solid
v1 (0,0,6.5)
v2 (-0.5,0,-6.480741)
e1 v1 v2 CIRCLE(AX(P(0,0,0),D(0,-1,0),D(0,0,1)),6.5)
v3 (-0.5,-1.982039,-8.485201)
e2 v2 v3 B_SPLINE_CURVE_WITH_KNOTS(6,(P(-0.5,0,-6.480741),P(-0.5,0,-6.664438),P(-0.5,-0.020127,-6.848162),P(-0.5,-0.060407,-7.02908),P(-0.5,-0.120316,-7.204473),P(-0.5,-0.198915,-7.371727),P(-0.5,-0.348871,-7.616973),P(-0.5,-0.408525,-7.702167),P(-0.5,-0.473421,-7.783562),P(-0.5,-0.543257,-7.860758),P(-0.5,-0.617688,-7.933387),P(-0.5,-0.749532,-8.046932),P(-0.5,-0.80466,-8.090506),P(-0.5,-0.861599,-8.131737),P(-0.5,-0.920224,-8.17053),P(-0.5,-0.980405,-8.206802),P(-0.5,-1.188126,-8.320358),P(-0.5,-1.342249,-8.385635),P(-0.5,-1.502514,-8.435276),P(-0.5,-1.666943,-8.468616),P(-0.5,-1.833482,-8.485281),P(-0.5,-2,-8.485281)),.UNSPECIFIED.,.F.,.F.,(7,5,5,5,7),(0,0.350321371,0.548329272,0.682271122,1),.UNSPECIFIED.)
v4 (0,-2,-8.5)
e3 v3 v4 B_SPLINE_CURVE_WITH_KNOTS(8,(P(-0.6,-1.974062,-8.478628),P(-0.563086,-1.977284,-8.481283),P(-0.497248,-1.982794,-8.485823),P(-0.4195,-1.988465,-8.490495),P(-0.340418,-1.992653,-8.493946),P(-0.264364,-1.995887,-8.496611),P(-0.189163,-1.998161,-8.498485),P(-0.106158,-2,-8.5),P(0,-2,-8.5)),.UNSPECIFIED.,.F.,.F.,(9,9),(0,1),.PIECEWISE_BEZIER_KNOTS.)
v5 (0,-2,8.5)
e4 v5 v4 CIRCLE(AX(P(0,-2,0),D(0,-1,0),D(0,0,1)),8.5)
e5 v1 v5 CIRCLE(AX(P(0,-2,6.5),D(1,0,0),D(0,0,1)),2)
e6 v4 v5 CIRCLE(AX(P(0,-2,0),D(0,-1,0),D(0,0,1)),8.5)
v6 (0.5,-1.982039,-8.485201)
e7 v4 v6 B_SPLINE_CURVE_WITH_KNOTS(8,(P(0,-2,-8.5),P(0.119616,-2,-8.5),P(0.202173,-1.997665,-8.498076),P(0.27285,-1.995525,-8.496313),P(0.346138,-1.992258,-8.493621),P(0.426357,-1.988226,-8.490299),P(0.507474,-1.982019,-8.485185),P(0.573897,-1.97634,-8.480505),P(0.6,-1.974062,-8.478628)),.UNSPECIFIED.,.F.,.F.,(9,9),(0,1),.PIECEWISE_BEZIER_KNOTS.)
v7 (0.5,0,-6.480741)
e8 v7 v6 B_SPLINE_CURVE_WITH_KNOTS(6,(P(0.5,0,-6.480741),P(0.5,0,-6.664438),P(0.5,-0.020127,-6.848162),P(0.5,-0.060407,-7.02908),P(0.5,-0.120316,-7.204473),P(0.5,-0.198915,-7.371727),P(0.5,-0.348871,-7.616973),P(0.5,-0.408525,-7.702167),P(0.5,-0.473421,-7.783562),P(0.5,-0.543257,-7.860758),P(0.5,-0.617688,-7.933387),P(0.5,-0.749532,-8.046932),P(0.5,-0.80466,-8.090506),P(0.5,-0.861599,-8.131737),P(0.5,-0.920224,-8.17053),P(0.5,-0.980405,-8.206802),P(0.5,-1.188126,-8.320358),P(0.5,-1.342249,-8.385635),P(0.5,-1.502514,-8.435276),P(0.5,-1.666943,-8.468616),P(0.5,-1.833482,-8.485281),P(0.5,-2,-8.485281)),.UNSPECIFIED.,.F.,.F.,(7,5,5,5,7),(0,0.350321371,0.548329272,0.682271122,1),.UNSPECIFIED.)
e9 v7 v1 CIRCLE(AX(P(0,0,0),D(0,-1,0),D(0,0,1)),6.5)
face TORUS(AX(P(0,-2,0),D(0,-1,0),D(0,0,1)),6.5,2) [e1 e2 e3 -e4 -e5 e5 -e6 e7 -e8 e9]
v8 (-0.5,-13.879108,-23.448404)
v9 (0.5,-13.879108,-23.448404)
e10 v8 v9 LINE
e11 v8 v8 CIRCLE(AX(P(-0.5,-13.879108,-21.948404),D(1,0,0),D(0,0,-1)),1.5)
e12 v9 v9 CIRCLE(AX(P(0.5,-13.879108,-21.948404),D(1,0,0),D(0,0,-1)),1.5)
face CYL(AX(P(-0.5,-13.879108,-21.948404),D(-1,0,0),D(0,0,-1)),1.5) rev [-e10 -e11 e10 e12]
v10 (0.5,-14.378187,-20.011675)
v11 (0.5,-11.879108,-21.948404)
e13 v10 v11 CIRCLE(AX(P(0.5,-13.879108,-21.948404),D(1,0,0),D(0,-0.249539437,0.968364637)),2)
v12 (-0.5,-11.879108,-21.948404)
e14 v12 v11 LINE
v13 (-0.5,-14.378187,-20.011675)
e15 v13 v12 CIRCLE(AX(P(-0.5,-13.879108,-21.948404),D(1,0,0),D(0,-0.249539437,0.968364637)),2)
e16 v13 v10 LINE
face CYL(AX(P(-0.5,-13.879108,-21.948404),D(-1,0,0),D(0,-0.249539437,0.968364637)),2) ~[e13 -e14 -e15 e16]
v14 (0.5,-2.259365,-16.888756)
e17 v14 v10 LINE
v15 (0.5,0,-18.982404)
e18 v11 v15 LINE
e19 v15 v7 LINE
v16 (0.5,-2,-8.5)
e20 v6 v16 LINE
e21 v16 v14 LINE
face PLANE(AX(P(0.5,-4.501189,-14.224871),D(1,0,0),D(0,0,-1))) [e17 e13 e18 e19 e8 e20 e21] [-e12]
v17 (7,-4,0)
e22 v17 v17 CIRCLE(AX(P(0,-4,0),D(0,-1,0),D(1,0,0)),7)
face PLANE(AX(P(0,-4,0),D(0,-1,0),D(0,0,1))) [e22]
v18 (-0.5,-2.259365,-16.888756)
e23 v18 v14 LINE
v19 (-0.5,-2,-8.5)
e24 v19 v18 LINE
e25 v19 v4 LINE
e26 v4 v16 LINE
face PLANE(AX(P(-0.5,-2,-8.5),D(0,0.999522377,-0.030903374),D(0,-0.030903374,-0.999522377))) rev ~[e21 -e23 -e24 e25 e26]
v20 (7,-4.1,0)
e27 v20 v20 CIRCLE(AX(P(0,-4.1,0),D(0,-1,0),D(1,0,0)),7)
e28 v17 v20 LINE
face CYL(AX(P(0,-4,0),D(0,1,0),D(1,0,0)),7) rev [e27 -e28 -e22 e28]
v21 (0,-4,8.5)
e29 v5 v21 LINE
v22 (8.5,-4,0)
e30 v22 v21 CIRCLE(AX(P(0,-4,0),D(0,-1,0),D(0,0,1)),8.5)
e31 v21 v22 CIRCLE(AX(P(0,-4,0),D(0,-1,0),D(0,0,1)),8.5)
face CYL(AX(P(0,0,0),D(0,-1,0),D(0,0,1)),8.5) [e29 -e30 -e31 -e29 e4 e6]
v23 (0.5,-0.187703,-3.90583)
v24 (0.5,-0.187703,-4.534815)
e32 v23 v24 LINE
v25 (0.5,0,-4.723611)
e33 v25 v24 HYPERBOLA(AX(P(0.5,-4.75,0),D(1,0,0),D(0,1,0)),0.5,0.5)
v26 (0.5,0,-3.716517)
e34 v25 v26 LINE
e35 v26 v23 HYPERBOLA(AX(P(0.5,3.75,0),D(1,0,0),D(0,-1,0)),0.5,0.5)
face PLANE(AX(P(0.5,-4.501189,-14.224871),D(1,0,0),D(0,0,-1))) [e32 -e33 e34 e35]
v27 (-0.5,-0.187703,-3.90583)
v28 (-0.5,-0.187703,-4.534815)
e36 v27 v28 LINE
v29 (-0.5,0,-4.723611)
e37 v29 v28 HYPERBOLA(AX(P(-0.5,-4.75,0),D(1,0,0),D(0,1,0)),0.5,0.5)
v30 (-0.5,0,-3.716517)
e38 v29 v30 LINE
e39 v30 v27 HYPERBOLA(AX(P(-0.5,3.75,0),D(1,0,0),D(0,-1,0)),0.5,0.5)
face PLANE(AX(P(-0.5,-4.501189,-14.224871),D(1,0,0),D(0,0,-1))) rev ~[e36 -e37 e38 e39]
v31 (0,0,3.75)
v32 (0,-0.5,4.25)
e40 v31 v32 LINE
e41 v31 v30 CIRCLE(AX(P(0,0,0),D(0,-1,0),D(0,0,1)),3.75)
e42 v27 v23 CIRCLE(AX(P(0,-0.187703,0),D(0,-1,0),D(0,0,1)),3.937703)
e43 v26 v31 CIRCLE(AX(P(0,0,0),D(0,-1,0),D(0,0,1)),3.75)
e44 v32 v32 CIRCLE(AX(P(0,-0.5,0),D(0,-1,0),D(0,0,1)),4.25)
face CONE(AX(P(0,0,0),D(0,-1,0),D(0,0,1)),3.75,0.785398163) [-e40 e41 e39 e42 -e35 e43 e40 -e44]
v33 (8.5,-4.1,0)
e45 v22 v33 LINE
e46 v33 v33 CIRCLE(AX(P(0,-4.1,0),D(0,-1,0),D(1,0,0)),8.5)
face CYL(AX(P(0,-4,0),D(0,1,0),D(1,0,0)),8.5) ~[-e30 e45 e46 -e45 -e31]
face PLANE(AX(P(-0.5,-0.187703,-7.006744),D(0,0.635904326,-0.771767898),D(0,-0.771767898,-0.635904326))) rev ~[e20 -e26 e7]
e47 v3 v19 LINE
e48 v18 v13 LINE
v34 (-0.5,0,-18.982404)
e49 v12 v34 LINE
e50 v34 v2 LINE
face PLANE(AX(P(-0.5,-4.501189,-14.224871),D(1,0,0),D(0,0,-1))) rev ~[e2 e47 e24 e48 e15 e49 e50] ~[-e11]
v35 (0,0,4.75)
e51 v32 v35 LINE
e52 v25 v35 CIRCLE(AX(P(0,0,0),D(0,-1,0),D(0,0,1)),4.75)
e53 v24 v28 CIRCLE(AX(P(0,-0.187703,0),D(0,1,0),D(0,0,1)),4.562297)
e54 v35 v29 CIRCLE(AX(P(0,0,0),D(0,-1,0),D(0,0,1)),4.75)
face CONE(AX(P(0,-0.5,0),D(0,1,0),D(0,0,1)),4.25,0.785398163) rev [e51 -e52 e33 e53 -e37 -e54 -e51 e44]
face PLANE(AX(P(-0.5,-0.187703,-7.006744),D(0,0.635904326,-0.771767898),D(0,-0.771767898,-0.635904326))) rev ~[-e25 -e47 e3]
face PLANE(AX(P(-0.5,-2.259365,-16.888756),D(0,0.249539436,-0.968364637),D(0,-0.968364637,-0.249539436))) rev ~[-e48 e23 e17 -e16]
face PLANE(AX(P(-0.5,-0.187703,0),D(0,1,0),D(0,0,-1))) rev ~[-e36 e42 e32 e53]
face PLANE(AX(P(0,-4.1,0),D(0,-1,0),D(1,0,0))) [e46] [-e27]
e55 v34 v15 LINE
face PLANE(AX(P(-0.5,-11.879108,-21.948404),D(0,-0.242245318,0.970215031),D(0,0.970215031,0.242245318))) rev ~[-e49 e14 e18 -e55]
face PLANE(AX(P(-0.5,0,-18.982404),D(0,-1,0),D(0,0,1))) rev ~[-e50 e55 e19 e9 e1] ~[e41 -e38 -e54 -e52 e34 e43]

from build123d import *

# Parameters (mm, degrees)
FILLET1_R                = 2
SKETCH5_R                = 8.5
SKETCH5_R_2              = 7
BOSS_EXTRUDE1_DEPTH      = 0.1
BOSS_EXTRUDE2_DEPTH      = 0.5
BOSS_EXTRUDE2_DEPTH_BACK = 0.5
SKETCH6_R                = 1.5


with BuildPart() as part:
    # Sketch4 → Revolve1 (revolve)
    with BuildSketch(Plane(origin=(0, 0, 0), x_dir=(0, 0, -1), z_dir=(1, 0, 0))):
        Polygon((0, 0), (-3.75, 0), (-4.25, -0.5), (-4.75, 0), (-8.5, 0), (-8.5, -4), (0, -4), align=None)
    revolve(axis=Axis((0, 1.890471386, 0), (0, -1, 0)))

    # Fillet1
    fillet1_edges = [part.edges().sort_by_distance(p)[0] for p in [
        (0, 0, -8.5),
    ]]
    fillet(fillet1_edges, radius=FILLET1_R)



with BuildPart() as body_2:
    # Sketch5 → Boss-Extrude1 (new body)
    with BuildSketch(Plane.XZ.offset(4)):
        Circle(SKETCH5_R)
        Circle(SKETCH5_R_2, mode=Mode.SUBTRACT)
    extrude(amount=BOSS_EXTRUDE1_DEPTH)


with BuildPart() as part_1:
    add(part.part)

    add(body_2.part)  # Boss-Extrude2 merges body 2
    # Sketch6 → Boss-Extrude2 (add, two sides: drawn at the far end of the back side and taken through both)
    with BuildSketch(Plane(origin=(0, 0, 0), x_dir=(0, 0, -1), z_dir=(1, 0, 0)).offset(-BOSS_EXTRUDE2_DEPTH_BACK)):
        with BuildLine():
            Line((18.982403574, 0), (0, 0))
            Line((0, 0), (0, -0.187703371))
            Line((0, -0.187703371), (7.006743711, -0.187703371))
            Line((7.006743711, -0.187703371), (8.5, -2))
            Line((8.5, -2), (16.888756121, -2.259364745))
            Line((16.888756121, -2.259364745), (20.011674859, -14.378186982))
            ThreePointArc((20.011674859, -14.378186982), (23.529251649, -15.104228972), (21.948404132, -11.879108109))
            Line((21.948404132, -11.879108109), (18.982403574, 0))
        make_face()
        with Locations((21.948404132, -13.879108109)):
            Circle(SKETCH6_R, mode=Mode.SUBTRACT)
    extrude(amount=BOSS_EXTRUDE2_DEPTH + BOSS_EXTRUDE2_DEPTH_BACK)


solid = part_1.part
